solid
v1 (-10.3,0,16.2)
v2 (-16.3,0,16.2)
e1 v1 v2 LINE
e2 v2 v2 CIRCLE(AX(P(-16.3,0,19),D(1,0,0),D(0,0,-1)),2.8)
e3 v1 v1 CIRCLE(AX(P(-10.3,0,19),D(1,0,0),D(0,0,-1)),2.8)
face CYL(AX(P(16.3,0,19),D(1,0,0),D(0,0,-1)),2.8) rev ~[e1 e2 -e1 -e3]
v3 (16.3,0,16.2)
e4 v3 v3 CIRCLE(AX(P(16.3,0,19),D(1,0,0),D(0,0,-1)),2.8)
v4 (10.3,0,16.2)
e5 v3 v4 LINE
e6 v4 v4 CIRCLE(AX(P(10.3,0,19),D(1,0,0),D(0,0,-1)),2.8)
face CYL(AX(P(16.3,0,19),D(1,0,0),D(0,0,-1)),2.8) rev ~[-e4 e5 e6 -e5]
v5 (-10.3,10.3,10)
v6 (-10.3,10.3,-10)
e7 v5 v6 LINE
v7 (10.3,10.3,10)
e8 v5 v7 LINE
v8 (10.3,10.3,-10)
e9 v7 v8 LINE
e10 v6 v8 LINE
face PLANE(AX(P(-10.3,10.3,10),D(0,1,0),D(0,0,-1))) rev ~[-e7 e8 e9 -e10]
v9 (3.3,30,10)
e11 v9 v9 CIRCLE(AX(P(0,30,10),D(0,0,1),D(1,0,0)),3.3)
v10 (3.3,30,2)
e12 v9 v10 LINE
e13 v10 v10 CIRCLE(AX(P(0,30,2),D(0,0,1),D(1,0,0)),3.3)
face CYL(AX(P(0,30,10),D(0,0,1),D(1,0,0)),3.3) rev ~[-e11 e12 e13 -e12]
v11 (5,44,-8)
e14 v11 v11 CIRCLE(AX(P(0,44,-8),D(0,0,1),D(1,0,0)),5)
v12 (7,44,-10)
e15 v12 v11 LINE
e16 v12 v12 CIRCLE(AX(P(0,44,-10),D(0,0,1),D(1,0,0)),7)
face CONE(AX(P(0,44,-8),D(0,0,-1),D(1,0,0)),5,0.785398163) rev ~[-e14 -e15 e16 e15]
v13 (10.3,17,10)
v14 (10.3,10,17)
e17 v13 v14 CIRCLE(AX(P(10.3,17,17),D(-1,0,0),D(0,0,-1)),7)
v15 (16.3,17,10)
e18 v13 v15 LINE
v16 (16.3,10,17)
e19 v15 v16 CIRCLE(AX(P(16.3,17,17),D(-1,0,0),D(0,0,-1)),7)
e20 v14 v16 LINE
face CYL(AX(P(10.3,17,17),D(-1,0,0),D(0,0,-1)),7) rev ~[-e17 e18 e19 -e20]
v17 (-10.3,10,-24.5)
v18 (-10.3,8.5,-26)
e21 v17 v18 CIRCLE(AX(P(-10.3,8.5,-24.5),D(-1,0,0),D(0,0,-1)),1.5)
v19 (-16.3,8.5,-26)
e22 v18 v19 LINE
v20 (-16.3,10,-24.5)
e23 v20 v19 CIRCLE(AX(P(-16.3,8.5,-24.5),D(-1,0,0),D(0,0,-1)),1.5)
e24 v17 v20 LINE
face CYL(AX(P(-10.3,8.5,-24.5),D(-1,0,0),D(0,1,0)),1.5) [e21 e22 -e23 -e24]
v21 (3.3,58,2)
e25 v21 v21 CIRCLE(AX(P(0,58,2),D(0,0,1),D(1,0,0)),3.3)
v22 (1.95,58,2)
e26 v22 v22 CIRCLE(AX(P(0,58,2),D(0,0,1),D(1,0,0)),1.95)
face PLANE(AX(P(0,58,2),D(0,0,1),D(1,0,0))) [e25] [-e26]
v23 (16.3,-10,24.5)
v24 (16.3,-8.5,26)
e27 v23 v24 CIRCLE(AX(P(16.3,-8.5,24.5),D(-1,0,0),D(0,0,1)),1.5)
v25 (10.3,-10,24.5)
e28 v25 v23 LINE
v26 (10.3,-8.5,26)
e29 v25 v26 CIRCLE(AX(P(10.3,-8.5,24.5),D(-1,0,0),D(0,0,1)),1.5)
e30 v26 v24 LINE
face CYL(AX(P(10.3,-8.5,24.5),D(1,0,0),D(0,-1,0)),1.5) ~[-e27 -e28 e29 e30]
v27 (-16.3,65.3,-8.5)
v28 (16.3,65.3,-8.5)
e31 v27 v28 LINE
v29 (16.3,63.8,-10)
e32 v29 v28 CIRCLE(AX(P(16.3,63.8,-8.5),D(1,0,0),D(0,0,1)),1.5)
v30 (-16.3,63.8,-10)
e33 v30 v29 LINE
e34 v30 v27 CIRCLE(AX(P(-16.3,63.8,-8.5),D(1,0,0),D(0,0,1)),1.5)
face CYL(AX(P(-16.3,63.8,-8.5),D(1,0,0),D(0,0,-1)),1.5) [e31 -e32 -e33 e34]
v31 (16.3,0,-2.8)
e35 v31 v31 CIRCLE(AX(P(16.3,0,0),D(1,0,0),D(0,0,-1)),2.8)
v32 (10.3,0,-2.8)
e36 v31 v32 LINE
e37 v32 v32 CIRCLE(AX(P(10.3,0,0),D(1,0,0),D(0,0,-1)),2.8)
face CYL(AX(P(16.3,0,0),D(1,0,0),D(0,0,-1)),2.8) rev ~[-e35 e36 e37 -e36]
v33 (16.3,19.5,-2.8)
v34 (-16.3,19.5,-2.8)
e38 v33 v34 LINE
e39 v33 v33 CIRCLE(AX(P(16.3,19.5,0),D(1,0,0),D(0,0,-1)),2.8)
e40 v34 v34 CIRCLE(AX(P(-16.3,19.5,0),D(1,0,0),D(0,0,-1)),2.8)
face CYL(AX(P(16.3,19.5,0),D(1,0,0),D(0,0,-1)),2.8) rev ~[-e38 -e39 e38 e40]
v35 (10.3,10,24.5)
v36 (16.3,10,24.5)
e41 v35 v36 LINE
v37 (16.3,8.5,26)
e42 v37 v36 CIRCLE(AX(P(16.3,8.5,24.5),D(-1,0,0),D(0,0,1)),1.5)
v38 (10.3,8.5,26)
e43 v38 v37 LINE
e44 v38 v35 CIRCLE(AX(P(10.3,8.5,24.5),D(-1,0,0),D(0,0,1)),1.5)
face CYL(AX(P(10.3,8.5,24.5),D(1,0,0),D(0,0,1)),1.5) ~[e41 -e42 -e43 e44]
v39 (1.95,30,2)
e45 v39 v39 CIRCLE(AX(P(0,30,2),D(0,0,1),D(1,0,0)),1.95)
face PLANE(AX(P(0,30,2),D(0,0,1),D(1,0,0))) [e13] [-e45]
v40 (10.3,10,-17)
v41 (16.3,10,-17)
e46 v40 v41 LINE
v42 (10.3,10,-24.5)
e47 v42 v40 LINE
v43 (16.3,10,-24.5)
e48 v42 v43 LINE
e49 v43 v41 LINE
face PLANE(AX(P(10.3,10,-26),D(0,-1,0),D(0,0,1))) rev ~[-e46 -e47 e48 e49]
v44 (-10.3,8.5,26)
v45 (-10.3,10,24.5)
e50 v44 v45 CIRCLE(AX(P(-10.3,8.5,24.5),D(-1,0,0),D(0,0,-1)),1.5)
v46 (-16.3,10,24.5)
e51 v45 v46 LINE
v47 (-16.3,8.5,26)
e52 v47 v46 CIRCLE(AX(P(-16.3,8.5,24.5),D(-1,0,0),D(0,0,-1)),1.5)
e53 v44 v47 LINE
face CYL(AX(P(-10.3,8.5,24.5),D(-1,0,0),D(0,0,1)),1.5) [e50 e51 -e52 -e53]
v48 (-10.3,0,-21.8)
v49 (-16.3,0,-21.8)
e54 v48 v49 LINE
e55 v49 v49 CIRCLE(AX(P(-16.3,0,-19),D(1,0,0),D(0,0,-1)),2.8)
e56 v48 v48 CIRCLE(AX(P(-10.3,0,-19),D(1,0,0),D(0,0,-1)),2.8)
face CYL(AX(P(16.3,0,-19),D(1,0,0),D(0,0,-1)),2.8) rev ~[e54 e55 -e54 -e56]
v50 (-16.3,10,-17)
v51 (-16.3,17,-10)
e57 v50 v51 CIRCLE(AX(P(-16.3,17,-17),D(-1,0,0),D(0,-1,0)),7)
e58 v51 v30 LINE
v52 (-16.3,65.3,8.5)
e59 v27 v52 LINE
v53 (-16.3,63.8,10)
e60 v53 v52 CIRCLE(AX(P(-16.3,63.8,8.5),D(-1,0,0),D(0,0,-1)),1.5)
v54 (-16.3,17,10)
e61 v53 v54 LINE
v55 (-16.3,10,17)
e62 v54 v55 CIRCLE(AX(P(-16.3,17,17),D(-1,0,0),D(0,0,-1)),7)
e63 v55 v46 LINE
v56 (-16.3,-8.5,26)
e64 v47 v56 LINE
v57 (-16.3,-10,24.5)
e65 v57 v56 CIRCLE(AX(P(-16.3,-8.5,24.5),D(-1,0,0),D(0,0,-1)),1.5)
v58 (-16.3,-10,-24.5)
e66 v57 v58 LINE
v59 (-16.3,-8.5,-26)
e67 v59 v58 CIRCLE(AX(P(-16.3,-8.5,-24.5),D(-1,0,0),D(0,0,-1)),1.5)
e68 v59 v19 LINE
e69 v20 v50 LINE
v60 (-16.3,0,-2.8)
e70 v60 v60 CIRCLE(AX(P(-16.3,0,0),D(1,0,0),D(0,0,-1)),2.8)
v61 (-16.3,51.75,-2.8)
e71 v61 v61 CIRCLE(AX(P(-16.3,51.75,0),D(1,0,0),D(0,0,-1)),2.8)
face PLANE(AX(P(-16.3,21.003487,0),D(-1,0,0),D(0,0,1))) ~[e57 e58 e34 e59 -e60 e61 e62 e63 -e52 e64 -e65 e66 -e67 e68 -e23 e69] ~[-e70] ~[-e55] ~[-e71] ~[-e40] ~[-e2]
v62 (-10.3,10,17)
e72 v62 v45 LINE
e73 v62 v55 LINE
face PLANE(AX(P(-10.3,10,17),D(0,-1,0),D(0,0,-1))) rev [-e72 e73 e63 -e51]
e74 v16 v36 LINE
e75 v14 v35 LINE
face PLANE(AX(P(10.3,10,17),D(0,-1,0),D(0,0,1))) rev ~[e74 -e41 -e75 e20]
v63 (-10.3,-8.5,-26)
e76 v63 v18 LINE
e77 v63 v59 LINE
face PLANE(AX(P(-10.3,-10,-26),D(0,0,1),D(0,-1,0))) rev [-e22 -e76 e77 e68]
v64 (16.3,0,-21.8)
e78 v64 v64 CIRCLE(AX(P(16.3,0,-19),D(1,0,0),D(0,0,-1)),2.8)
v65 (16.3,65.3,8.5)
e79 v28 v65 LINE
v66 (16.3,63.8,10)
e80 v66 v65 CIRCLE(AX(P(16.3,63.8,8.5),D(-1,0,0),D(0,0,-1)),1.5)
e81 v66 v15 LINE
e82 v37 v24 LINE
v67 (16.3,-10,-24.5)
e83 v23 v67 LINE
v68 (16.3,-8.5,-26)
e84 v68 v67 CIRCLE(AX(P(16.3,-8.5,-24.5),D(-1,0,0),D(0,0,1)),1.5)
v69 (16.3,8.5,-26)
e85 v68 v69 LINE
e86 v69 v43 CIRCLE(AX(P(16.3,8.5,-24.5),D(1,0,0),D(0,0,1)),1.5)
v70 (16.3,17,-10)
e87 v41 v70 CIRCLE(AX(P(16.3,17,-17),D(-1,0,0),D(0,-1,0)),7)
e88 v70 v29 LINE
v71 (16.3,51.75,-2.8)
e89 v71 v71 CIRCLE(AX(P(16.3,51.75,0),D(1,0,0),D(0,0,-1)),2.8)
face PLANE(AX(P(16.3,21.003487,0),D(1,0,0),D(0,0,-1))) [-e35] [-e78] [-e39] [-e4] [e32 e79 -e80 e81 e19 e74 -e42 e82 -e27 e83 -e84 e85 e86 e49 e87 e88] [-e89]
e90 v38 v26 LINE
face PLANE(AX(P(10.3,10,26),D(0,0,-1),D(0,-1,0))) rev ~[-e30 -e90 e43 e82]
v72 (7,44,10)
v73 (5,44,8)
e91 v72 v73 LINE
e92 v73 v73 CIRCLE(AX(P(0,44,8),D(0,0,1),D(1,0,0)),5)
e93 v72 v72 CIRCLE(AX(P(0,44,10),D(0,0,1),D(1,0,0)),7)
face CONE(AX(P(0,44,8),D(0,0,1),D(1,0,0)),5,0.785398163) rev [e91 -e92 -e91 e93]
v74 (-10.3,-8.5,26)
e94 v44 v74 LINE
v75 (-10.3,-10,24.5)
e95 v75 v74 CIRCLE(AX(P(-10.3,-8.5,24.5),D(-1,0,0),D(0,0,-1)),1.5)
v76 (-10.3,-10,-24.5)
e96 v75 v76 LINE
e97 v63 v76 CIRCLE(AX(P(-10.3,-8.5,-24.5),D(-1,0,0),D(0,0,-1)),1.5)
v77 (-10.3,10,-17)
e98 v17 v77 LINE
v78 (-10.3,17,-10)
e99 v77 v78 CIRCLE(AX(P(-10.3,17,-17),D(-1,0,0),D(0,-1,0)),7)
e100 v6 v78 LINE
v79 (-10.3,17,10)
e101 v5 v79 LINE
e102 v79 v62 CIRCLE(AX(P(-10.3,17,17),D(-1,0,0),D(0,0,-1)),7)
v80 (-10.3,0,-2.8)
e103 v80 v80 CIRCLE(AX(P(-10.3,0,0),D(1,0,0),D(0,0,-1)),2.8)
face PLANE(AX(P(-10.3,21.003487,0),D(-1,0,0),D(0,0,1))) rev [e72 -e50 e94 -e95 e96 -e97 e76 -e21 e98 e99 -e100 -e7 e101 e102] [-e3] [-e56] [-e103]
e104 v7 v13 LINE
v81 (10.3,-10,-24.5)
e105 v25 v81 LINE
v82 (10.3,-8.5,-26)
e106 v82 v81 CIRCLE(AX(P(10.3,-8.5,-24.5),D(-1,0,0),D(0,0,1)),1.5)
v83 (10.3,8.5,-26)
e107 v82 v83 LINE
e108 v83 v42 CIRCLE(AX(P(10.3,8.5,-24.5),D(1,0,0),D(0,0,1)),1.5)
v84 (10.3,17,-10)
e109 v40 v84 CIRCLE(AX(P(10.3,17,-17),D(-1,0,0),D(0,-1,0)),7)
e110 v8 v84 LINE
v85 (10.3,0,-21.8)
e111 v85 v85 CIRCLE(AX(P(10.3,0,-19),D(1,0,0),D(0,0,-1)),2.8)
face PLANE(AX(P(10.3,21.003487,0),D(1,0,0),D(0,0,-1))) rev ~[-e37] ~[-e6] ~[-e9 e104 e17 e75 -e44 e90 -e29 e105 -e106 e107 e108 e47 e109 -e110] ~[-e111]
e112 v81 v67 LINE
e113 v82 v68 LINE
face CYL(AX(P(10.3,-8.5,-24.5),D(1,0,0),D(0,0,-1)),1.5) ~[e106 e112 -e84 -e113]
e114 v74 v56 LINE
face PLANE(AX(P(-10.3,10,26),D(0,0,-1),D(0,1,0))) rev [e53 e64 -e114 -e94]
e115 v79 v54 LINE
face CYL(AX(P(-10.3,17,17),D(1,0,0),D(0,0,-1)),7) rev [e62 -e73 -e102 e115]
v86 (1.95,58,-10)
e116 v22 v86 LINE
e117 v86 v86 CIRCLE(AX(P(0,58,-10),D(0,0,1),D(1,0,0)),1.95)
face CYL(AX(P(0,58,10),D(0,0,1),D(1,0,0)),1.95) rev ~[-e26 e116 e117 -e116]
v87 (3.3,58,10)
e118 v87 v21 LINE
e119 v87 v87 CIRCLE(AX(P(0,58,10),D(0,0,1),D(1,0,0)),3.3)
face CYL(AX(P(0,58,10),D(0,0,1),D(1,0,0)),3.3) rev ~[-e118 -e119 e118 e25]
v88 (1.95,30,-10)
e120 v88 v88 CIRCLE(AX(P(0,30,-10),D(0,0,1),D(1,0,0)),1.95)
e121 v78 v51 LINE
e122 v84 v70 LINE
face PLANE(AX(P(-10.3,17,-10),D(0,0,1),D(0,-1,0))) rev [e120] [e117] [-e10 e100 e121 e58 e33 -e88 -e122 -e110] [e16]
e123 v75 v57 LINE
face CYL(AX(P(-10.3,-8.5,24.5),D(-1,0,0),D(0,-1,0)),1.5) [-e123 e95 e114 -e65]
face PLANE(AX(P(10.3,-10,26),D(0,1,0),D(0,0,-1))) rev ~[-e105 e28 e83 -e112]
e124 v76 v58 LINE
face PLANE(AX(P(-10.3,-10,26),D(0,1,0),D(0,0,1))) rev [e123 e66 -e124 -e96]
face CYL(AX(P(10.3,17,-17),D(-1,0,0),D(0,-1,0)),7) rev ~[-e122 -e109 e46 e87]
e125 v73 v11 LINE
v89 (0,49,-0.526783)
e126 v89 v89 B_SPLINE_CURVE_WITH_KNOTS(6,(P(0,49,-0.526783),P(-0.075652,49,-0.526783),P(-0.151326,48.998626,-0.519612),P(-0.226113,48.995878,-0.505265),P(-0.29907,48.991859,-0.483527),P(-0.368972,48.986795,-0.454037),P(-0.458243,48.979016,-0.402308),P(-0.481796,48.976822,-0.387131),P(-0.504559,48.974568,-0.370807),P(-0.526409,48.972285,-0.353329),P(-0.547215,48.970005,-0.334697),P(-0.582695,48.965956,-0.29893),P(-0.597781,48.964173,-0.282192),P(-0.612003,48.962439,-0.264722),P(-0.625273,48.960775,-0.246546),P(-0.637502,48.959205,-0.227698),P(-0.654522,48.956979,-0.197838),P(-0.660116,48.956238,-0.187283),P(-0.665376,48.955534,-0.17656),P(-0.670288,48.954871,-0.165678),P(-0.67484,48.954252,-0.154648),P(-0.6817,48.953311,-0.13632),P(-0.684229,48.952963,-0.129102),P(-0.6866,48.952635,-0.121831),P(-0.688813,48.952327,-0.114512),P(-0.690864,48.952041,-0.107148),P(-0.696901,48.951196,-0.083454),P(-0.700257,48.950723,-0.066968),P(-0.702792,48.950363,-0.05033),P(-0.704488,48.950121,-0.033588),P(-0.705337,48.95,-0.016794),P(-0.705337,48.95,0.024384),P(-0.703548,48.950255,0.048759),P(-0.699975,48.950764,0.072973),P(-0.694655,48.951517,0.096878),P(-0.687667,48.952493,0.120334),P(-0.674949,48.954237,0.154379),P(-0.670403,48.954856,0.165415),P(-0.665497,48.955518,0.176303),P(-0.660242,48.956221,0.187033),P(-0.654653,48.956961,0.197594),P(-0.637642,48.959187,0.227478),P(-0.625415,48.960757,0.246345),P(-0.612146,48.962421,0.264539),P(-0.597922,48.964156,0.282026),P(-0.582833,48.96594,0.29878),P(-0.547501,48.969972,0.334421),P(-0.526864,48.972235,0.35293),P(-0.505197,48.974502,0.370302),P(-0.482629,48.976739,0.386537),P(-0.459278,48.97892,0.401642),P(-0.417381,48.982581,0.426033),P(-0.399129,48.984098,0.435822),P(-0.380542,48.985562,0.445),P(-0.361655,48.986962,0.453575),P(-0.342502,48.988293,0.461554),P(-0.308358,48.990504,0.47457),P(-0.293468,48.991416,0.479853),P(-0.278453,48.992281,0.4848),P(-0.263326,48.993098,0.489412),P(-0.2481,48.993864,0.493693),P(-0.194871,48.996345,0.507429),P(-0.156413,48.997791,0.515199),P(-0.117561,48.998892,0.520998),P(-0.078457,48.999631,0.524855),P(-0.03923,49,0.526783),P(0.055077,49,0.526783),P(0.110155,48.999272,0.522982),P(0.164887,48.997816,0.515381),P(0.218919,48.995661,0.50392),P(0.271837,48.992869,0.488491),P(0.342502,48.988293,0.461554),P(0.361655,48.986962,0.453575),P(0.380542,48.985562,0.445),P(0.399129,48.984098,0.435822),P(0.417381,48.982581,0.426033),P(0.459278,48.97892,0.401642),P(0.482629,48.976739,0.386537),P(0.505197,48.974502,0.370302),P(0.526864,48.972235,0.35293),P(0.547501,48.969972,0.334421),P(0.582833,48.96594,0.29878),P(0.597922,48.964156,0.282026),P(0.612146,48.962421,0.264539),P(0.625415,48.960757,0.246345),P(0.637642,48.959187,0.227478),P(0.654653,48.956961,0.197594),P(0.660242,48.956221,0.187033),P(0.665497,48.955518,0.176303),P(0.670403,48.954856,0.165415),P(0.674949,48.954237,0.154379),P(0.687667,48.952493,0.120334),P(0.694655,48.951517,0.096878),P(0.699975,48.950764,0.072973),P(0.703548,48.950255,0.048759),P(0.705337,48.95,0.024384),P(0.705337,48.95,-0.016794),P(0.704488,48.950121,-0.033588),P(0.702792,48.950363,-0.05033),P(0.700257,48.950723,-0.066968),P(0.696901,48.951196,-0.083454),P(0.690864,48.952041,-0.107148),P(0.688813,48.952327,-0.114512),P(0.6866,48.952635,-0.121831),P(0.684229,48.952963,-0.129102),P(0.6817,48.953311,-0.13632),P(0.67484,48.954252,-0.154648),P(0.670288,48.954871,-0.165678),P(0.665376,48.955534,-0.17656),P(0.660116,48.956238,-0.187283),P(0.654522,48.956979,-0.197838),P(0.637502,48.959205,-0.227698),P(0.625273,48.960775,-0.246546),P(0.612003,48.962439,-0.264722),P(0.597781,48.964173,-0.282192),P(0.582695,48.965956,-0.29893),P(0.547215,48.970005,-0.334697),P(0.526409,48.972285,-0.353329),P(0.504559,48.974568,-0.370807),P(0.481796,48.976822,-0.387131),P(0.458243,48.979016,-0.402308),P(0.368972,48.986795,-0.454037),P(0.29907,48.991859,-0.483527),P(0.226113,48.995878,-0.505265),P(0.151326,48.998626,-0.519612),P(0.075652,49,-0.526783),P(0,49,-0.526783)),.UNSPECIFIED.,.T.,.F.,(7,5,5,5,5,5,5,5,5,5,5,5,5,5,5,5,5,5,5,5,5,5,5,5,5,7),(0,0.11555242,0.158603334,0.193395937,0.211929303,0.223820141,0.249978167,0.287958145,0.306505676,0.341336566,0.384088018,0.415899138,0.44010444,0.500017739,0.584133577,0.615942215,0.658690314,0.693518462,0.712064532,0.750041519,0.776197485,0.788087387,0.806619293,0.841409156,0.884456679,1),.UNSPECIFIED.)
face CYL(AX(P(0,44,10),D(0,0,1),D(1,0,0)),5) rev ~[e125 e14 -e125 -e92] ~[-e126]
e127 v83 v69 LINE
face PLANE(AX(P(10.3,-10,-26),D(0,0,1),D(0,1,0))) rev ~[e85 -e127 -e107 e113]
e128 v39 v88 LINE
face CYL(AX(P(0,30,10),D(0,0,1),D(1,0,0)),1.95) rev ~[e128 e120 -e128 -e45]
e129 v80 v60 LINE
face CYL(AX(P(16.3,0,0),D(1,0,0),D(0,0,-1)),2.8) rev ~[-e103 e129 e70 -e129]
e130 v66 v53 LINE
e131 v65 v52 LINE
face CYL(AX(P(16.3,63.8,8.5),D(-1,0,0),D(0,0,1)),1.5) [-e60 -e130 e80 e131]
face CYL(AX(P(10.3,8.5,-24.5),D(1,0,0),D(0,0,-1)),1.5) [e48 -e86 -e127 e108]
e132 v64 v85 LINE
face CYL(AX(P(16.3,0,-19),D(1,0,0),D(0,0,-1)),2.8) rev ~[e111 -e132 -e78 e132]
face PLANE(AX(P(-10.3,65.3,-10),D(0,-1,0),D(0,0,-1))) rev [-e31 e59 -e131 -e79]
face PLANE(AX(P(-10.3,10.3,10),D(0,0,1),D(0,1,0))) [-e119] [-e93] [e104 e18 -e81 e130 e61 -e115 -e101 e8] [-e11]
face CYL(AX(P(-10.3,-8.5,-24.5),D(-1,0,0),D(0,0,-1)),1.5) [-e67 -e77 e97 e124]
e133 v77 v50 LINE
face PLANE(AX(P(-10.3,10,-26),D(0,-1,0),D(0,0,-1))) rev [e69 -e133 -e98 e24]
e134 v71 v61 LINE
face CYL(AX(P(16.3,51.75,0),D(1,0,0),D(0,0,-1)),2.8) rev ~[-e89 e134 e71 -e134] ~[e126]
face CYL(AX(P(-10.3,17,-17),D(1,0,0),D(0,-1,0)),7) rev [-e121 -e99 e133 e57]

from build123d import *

# Parameters (mm, degrees)
EXTRUDE1_DEPTH      = 10.3
EXTRUDE1_DEPTH_BACK = 10.3
SKETCH1_W           = 20
SKETCH1_H           = 55
EXTRUDE2_DEPTH      = 6
SKETCH4_R           = 2.8
EXTRUDE3_DEPTH      = 78.478061411
SKETCH5_R           = 5
EXTRUDE4_DEPTH      = 77.326797391
FILLET2_R           = 1.5
CHAMFER1_SIZE       = 2
SKETCH7_R           = 1.95
EXTRUDE5_DEPTH      = 77.326797413
SKETCH8_R           = 3.3
EXTRUDE6_DEPTH      = 8


with BuildPart() as part:
    # Sketch1 → Extrude1 (new, two sides: drawn at the far end of the back side and taken through both)
    with BuildSketch(Plane(origin=(0, 0, 0), x_dir=(0, 0, -1), z_dir=(1, 0, 0)).offset(-EXTRUDE1_DEPTH_BACK)):
        with Locations((0, 37.8)):
            Rectangle(SKETCH1_W, SKETCH1_H)
    extrude(amount=EXTRUDE1_DEPTH + EXTRUDE1_DEPTH_BACK)

    # Sketch2 → Extrude2 (add)
    with BuildSketch(Plane(origin=(10.3, 0, 0), x_dir=(0, 0, -1), z_dir=(1, 0, 0))):
        with BuildLine():
            Line((26, 10), (17, 10))
            ThreePointArc((17, 10), (12.050252532, 12.050252532), (10, 17))
            Line((10, 17), (10, 65.3))
            Line((10, 65.3), (-10, 65.3))
            Line((-10, 65.3), (-10, 17))
            ThreePointArc((-10, 17), (-12.050252532, 12.050252532), (-17, 10))
            Line((-17, 10), (-26, 10))
            Line((-26, 10), (-26, -10))
            Line((-26, -10), (26, -10))
            Line((26, -10), (26, 10))
        make_face()
    extrude2 = extrude(amount=EXTRUDE2_DEPTH)

    # Mirror2: Extrude2 across plane
    add(extrude2.mirror(Plane(origin=(0, 0, 0), x_dir=(0, 0, 1), z_dir=(1, 0, 0))))

    # Sketch4 → Extrude3 (cut, through all)
    with BuildSketch(Plane(origin=(16.3, 0, 0), x_dir=(0, 0, -1), z_dir=(1, 0, 0))):
        Circle(SKETCH4_R)
        with Locations((19, 0)):
            Circle(SKETCH4_R)
        with Locations((-19, 0)):
            Circle(SKETCH4_R)
        with Locations((0, 19.5)):
            Circle(SKETCH4_R)
        with Locations((0, 51.75)):
            Circle(SKETCH4_R)
    extrude(amount=-EXTRUDE3_DEPTH, mode=Mode.SUBTRACT)

    # Sketch5 → Extrude4 (cut, through all)
    with BuildSketch(Plane.XY.offset(10)):
        with Locations((0, 44)):
            Circle(SKETCH5_R)
    extrude(amount=-EXTRUDE4_DEPTH, mode=Mode.SUBTRACT)

    # Fillet2
    fillet2_edges = [part.edges().sort_by_distance(p)[0] for p in [
        (13.3, 10, 26),
        (13.3, -10, 26),
        (13.3, -10, -26),
        (13.3, 10, -26),
        (-13.3, -10, 26),
        (-13.3, 10, 26),
        (-13.3, 10, -26),
        (-13.3, -10, -26),
        (0, 65.3, 10),
        (0, 65.3, -10),
    ]]
    fillet(fillet2_edges, radius=FILLET2_R)

    # Chamfer1
    chamfer1_edges = [part.edges().sort_by_distance(p)[0] for p in [
        (-5, 44, -10),
        (-5, 44, 10),
    ]]
    chamfer(chamfer1_edges, length=CHAMFER1_SIZE)

    # Sketch7 → Extrude5 (cut, through all)
    with BuildSketch(Plane.XY.offset(10)):
        with Locations((0, 58)):
            Circle(SKETCH7_R)
        with Locations((0, 30)):
            Circle(SKETCH7_R)
    extrude(amount=-EXTRUDE5_DEPTH, mode=Mode.SUBTRACT)

    # Sketch8 → Extrude6 (cut)
    with BuildSketch(Plane.XY.offset(10)):
        with Locations((0, 58)):
            Circle(SKETCH8_R)
        with Locations((0, 30)):
            Circle(SKETCH8_R)
    extrude(amount=-EXTRUDE6_DEPTH, mode=Mode.SUBTRACT)


solid = part.part
